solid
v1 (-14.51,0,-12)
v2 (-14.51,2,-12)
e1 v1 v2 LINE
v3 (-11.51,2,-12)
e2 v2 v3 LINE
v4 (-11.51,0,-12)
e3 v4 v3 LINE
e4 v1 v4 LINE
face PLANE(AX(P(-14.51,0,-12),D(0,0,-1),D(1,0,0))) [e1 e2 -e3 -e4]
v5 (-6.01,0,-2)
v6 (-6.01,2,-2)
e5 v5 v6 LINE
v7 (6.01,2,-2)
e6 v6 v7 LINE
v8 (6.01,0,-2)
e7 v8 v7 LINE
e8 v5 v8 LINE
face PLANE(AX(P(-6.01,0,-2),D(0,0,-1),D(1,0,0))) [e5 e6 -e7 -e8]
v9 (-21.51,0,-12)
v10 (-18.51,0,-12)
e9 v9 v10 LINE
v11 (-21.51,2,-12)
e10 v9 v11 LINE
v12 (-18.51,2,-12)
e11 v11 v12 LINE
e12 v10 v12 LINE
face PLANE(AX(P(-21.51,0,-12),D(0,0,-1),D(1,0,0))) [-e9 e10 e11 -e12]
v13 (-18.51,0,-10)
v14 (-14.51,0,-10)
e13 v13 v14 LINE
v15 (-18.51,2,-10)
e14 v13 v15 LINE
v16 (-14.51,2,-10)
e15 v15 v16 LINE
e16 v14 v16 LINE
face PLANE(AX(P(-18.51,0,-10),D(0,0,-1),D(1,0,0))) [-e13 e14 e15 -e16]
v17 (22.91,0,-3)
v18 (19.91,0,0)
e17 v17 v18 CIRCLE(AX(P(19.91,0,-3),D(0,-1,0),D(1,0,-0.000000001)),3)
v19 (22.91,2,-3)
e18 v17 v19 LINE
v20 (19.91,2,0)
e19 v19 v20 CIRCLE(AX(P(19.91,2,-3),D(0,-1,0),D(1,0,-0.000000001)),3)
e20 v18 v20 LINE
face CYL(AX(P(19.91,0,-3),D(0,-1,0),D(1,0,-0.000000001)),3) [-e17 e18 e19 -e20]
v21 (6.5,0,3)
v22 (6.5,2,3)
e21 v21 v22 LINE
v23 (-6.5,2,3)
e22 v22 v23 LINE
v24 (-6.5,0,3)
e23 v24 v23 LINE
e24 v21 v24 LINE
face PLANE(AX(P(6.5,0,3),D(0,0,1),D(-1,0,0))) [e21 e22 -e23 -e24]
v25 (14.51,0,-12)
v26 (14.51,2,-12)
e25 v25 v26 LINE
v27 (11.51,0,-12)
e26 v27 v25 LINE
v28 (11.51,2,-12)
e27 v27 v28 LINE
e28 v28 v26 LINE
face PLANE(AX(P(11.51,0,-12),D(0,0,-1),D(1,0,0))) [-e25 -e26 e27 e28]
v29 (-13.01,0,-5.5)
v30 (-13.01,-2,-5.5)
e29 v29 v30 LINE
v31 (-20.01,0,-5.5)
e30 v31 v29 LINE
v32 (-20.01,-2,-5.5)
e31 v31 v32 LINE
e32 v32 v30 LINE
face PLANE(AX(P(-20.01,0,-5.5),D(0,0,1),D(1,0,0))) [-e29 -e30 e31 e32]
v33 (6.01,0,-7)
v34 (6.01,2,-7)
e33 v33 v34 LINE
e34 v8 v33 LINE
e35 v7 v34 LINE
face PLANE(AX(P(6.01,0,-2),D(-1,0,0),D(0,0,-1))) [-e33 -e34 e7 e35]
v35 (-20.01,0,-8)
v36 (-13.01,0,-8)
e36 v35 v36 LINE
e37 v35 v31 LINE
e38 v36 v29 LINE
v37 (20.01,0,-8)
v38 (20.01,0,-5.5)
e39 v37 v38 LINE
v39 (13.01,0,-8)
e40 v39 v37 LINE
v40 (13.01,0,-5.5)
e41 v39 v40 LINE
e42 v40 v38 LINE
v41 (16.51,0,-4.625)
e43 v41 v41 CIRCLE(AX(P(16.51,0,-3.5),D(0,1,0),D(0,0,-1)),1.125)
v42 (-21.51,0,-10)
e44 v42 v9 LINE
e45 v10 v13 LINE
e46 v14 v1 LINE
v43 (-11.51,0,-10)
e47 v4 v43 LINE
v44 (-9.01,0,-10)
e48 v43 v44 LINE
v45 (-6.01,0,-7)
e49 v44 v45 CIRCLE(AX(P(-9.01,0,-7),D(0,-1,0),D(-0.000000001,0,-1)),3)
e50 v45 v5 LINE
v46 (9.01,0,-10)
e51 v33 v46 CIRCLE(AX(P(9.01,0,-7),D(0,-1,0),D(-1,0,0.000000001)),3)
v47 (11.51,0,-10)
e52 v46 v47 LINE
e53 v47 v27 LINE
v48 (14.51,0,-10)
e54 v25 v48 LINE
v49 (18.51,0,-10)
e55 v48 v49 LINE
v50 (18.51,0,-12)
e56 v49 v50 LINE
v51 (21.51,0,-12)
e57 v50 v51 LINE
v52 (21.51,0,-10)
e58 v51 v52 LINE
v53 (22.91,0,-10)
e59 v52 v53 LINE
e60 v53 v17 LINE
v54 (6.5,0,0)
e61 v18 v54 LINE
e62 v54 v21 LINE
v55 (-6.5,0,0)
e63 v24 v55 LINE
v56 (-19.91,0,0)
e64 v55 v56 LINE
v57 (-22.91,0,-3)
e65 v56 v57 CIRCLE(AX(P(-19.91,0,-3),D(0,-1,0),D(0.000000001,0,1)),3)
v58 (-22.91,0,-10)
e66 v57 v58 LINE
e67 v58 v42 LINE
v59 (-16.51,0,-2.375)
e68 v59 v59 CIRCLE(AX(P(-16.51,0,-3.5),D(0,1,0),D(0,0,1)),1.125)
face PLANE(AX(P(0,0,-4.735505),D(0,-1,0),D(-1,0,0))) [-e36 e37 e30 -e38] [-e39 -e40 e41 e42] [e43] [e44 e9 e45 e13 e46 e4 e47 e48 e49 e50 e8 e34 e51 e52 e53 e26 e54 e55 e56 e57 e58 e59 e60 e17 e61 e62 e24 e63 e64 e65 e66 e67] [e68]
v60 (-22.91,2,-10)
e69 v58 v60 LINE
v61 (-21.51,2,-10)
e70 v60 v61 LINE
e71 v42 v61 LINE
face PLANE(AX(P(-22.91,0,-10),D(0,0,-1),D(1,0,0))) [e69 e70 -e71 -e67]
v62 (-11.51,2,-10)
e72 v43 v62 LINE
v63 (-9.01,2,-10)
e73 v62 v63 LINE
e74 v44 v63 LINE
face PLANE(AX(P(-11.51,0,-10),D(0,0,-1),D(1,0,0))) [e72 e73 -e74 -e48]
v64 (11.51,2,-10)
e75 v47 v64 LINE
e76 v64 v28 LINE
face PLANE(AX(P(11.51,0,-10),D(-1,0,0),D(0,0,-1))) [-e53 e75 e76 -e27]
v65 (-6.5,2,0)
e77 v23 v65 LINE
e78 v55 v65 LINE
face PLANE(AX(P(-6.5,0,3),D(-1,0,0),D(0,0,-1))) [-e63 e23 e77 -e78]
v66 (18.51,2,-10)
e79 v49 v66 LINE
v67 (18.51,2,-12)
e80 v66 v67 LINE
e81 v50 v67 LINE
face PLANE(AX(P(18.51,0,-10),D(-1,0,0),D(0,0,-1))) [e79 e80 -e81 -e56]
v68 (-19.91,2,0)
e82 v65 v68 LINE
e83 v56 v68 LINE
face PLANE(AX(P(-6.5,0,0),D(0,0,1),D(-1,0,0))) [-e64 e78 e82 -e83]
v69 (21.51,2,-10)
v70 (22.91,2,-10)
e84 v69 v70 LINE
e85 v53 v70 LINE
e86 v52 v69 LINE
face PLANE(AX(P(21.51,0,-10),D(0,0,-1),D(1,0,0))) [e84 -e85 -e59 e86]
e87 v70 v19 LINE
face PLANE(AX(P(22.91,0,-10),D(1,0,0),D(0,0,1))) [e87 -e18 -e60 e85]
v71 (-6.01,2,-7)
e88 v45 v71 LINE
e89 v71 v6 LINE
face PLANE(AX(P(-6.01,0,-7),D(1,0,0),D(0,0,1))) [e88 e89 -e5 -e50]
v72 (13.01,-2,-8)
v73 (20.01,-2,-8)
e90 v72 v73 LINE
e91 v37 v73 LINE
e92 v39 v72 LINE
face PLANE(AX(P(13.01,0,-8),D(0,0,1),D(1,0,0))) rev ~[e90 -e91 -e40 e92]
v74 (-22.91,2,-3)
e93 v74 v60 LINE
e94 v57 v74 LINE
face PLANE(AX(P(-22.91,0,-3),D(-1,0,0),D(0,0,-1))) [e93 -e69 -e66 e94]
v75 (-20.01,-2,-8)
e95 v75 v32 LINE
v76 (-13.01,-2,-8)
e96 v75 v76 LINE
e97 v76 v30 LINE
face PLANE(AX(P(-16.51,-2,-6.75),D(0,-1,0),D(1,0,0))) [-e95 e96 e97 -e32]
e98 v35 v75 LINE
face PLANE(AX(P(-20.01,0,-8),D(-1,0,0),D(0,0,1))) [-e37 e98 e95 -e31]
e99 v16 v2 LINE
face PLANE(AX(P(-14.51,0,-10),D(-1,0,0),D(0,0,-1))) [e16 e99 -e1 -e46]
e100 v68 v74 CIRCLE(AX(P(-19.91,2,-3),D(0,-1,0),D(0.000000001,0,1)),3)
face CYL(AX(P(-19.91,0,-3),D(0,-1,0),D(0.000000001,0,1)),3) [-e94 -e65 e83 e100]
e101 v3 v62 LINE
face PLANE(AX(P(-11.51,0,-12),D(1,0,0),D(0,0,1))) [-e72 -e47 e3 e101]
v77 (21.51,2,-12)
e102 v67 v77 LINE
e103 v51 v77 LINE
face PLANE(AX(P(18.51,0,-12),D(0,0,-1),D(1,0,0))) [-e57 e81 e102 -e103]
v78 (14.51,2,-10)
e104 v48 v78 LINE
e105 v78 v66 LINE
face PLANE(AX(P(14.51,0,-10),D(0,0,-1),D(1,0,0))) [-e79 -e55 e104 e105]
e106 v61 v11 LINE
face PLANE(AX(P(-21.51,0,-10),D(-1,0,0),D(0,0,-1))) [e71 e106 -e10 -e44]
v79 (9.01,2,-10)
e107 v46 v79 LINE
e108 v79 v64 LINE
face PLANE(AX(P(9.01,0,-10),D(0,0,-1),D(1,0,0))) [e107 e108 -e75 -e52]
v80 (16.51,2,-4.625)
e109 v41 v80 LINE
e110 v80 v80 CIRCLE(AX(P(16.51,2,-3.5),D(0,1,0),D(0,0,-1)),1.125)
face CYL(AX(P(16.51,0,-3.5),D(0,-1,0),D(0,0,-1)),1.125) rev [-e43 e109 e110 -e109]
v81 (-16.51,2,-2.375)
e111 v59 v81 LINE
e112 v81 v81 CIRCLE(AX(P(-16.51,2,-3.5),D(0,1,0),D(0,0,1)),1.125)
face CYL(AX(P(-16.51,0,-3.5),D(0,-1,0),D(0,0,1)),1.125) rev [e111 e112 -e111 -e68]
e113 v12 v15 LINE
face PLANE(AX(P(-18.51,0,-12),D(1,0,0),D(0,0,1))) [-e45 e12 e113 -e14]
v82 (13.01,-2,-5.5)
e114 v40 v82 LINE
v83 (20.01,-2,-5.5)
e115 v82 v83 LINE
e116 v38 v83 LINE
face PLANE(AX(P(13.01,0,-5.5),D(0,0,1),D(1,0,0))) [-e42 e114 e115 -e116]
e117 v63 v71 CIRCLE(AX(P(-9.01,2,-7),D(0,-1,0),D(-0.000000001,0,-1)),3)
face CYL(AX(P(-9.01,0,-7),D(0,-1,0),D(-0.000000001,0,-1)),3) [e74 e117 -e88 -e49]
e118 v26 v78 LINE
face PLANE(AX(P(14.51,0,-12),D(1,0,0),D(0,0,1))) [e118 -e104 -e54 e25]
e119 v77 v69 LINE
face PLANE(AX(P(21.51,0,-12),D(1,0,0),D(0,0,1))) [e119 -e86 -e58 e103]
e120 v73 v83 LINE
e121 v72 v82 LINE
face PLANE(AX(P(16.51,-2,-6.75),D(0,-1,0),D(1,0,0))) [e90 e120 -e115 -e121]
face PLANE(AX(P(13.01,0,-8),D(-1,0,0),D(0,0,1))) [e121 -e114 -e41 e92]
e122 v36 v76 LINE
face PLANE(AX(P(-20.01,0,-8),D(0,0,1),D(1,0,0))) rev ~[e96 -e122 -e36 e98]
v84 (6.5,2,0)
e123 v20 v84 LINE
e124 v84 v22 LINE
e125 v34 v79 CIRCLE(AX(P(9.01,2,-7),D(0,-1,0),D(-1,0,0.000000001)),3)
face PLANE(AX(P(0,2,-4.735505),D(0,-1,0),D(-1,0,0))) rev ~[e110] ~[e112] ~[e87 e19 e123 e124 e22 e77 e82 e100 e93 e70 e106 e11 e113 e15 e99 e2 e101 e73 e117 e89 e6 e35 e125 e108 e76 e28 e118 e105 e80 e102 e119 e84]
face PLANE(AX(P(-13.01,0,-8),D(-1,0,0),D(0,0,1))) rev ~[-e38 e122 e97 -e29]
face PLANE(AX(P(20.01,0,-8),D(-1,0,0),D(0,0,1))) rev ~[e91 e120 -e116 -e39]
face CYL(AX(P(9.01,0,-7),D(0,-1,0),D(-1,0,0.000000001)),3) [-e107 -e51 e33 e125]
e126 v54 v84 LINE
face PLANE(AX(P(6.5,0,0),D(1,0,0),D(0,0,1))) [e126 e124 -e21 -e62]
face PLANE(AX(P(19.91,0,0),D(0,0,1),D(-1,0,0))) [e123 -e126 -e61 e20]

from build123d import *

# Parameters (mm, degrees)
CROQUIS1_R              = 1.125
SALIENTE_EXTRUIR1_DEPTH = 2
CROQUIS3_W              = 7
CROQUIS3_H              = 2.5
SALIENTE_EXTRUIR2_DEPTH = 2


with BuildPart() as part:
    # Croquis1 → Saliente-Extruir1 (new body)
    with BuildSketch(Plane(origin=(0, 0, 0), x_dir=(1, 0, 0), z_dir=(0, 1, 0))):
        with BuildLine():
            Line((19.91, 0), (6.5, 0))
            Line((6.5, 0), (6.5, -3))
            Line((6.5, -3), (-6.5, -3))
            Line((-6.5, -3), (-6.5, 0))
            Line((-6.5, 0), (-19.91, 0))
            ThreePointArc((-19.91, 0), (-22.031320344, 0.878679656), (-22.91, 3))
            Line((-22.91, 3), (-22.91, 10))
            Line((-22.91, 10), (-21.51, 10))
            Line((-21.51, 10), (-21.51, 12))
            Line((-21.51, 12), (-18.51, 12))
            Line((-18.51, 12), (-18.51, 10))
            Line((-18.51, 10), (-14.51, 10))
            Line((-14.51, 10), (-14.51, 12))
            Line((-14.51, 12), (-11.51, 12))
            Line((-11.51, 12), (-11.51, 10))
            Line((-11.51, 10), (-9.01, 10))
            ThreePointArc((-9.01, 10), (-6.888679656, 9.121320344), (-6.01, 7))
            Line((-6.01, 7), (-6.01, 2))
            Line((-6.01, 2), (6.01, 2))
            Line((6.01, 2), (6.01, 7))
            ThreePointArc((6.01, 7), (6.888679656, 9.121320344), (9.01, 10))
            Line((9.01, 10), (11.51, 10))
            Line((11.51, 10), (11.51, 12))
            Line((11.51, 12), (14.51, 12))
            Line((14.51, 12), (14.51, 10))
            Line((14.51, 10), (18.51, 10))
            Line((18.51, 10), (18.51, 12))
            Line((18.51, 12), (21.51, 12))
            Line((21.51, 12), (21.51, 10))
            Line((21.51, 10), (22.91, 10))
            Line((22.91, 10), (22.91, 3))
            ThreePointArc((22.91, 3), (22.031320344, 0.878679656), (19.91, 0))
        make_face()
        with Locations(Location((-16.51, 3.5, 0), (0, 0, 270))):
            Circle(CROQUIS1_R, mode=Mode.SUBTRACT)
        with Locations(Location((16.51, 3.5, 0), (0, 0, 90))):
            Circle(CROQUIS1_R, mode=Mode.SUBTRACT)
    extrude(amount=SALIENTE_EXTRUIR1_DEPTH)

    # Croquis3 → Saliente-Extruir2 (add)
    with BuildSketch(Plane.XZ):
        with Locations((-16.51, -6.75)):
            Rectangle(CROQUIS3_W, CROQUIS3_H)
        with Locations((16.51, -6.75)):
            Rectangle(CROQUIS3_W, CROQUIS3_H)
    extrude(amount=SALIENTE_EXTRUIR2_DEPTH)


solid = part.part
